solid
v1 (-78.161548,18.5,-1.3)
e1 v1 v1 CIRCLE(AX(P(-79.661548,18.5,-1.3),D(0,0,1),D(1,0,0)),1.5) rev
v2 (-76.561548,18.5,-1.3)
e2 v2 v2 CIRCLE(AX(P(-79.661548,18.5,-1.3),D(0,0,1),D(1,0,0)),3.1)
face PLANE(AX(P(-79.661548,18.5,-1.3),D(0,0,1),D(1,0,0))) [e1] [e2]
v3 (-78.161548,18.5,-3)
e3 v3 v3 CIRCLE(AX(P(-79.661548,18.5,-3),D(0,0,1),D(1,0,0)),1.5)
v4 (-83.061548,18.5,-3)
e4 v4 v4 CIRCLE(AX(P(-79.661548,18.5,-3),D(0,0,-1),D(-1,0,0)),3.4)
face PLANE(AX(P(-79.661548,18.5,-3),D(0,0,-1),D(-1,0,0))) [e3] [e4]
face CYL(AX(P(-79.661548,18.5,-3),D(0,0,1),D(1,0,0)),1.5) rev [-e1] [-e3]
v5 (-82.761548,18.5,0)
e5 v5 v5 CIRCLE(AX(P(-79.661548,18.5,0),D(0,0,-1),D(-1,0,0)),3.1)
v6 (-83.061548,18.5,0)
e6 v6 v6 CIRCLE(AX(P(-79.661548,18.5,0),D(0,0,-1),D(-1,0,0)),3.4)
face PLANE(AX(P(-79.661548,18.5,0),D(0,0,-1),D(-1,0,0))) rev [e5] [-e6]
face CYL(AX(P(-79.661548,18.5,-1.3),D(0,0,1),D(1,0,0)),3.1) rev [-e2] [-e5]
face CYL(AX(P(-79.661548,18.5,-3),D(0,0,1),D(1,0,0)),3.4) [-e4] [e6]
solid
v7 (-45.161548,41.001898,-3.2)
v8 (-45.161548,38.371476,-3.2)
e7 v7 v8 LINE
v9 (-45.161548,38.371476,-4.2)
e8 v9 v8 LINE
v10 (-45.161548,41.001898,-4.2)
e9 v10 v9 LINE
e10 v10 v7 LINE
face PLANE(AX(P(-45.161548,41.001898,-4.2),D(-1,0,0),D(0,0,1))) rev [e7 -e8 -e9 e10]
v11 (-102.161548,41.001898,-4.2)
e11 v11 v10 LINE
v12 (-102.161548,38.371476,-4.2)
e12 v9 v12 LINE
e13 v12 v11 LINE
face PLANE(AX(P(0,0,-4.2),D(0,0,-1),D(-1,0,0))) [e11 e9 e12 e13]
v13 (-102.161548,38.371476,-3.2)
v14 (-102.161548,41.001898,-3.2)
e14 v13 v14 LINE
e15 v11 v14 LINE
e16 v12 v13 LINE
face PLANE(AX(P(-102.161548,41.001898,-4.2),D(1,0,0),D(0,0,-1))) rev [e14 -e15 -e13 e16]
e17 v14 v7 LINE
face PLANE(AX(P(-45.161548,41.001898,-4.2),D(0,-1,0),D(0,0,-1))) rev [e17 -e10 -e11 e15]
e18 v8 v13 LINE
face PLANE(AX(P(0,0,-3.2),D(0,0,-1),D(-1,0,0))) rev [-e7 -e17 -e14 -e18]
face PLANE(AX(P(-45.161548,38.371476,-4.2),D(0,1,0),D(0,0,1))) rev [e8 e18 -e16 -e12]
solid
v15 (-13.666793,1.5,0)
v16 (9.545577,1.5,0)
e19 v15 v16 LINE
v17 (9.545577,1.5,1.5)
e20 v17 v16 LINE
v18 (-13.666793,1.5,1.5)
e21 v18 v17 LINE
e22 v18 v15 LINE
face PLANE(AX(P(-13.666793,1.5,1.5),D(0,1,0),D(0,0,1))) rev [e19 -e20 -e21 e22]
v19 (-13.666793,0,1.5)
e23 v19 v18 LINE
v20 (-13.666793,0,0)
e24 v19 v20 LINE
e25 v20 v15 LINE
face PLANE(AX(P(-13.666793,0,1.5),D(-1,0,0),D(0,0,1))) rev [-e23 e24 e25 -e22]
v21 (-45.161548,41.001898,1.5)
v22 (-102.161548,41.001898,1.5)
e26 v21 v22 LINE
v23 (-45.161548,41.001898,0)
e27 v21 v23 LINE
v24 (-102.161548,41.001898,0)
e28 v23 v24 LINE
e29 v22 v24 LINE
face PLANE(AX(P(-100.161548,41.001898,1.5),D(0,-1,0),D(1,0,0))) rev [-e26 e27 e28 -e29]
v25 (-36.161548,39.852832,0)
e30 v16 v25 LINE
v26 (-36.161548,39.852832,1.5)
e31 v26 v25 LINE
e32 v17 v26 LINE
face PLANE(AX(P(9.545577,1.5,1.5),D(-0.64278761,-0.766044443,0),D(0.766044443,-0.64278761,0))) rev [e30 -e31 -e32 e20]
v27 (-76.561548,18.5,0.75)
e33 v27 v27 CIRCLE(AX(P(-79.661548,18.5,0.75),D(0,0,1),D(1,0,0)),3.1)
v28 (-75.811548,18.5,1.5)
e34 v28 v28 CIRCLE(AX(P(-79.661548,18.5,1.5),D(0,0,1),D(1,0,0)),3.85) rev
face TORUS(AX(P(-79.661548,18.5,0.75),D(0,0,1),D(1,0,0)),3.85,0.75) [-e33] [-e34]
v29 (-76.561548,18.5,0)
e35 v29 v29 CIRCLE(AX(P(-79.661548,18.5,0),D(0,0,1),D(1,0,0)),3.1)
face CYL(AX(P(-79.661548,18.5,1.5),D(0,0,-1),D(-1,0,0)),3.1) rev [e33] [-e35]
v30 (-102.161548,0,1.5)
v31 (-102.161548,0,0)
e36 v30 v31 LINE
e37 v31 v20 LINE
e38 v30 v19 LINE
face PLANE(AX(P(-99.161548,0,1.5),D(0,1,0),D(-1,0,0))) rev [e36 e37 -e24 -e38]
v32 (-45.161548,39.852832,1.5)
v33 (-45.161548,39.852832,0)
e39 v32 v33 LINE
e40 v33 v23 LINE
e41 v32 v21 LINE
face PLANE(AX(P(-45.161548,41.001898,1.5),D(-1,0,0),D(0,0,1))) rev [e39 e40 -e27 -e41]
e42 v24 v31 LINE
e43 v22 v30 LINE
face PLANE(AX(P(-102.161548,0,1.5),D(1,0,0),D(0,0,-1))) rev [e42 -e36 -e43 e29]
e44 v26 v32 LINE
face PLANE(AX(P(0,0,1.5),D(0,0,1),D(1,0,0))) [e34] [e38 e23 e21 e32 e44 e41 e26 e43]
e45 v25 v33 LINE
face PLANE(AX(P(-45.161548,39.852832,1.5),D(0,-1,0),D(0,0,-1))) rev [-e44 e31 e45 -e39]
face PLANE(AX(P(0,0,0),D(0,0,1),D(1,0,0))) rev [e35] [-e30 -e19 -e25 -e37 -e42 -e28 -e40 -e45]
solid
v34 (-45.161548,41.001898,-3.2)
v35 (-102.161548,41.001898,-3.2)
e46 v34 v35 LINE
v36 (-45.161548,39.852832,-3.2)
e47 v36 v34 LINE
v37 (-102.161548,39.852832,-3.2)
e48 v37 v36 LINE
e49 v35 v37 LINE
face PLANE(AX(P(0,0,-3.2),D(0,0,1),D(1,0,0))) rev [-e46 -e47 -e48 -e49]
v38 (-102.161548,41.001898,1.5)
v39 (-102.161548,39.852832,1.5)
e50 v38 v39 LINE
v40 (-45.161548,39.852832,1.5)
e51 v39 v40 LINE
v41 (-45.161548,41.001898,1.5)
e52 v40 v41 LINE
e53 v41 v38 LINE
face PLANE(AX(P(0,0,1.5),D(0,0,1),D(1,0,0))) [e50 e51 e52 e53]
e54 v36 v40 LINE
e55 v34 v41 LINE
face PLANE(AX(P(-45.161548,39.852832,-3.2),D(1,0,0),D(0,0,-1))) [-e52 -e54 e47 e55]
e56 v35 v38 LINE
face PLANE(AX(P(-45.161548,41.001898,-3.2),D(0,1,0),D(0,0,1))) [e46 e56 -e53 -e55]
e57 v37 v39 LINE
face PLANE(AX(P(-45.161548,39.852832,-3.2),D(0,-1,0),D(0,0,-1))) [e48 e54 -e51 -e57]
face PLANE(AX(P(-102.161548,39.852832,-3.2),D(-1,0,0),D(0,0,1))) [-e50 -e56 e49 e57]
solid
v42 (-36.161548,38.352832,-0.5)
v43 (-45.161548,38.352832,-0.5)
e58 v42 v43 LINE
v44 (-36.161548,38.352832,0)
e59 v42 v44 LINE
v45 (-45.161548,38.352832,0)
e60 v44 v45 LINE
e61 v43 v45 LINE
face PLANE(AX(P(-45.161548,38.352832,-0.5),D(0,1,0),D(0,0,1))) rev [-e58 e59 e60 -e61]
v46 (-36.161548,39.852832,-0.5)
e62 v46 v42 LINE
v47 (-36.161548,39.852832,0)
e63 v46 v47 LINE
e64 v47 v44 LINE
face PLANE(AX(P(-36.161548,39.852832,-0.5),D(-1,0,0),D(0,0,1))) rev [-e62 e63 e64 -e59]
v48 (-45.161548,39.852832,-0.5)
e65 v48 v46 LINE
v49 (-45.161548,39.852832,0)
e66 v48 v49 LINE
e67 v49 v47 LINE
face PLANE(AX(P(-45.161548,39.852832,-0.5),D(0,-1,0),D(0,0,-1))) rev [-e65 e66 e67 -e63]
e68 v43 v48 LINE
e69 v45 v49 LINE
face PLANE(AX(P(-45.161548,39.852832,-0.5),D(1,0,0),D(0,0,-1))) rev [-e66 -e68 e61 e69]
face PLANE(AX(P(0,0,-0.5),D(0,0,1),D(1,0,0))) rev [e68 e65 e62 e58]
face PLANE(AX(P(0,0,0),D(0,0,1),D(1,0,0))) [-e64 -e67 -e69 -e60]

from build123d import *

# Parameters (mm, degrees)
SKETCH_2_R          = 3.1
EXTRUDE_11_DEPTH    = 1.5
SKETCH_6_R          = 3.4
EXTRUDE_12_DEPTH    = 3
SKETCH_7_W          = 57
SKETCH_7_H          = 1.149066665
EXTRUDE_13_DEPTH    = 4.7
SKETCH_10_W         = 8.999999995
SKETCH_10_H         = 1.5
EXTRUDE_15_DEPTH    = 0.5
SKETCH_11_W         = 57
SKETCH_11_H         = 2.63042276
EXTRUDE_17_DEPTH    = 1
SKETCH_13_R         = 1.5
CUT_EXTRUDE_1_DEPTH = 3
CUT_EXTRUDE_START   = -2.8
SKETCH_14_R         = 3.1
CUT_EXTRUDE_2_DEPTH = 2.8
FILLET_1_R          = 0.75


with BuildPart() as part:
    # Эскиз2 → Бобышка-Вытянуть11 (new body)
    with BuildSketch(Plane.XY):
        Polygon((-13.66679287, 0), (-13.66679287, 1.5), (9.54557674, 1.5), (-36.161548345, 39.852831801), (-45.16154834, 39.852831801), (-45.16154834, 41.001898466), (-100.16154834, 41.001898466), (-102.16154834, 41.001898466), (-102.16154834, 0), (-99.16154834, 0), align=None)
        with Locations((-79.66154834, 18.5)):
            Circle(SKETCH_2_R, mode=Mode.SUBTRACT)
    extrude(amount=EXTRUDE_11_DEPTH)

    # Скругление1
    fillet_1_edges = [part.edges().sort_by_distance(p)[0] for p in [
        (-82.76154834, 18.5, 1.5),
    ]]
    fillet(fillet_1_edges, radius=FILLET_1_R)


with BuildPart() as body_2:
    # Эскиз6 → Бобышка-Вытянуть12 (new body)
    with BuildSketch(Plane(origin=(0, 0, 0), x_dir=(-1, 0, 0), z_dir=(0, 0, -1))):
        with Locations((79.66154834, 18.5)):
            Circle(SKETCH_6_R)
    extrude(amount=EXTRUDE_12_DEPTH)

    # Эскиз13 → Вырез-Вытянуть1 (cut)
    with BuildSketch(Plane.XY):
        with Locations((-79.66154834, 18.5)):
            Circle(SKETCH_13_R)
    extrude(amount=-CUT_EXTRUDE_1_DEPTH, mode=Mode.SUBTRACT)

    # Эскиз14 → Вырез-Вытянуть2 (cut)
    with BuildSketch(Plane.XY.offset(1.5).offset(CUT_EXTRUDE_START)):
        with Locations((-79.66154834, 18.5)):
            Circle(SKETCH_14_R)
    extrude(amount=CUT_EXTRUDE_2_DEPTH, mode=Mode.SUBTRACT)


with BuildPart() as body_3:
    # Эскиз7 → Бобышка-Вытянуть13 (new body)
    with BuildSketch(Plane.XY.offset(1.5)):
        with Locations((-73.66154834, 40.427365134)):
            Rectangle(SKETCH_7_W, SKETCH_7_H)
    extrude(amount=-EXTRUDE_13_DEPTH)


with BuildPart() as body_4:
    # Эскиз10 → Бобышка-Вытянуть15 (new body)
    with BuildSketch(Plane(origin=(0, 0, 0), x_dir=(-1, 0, 0), z_dir=(0, 0, -1))):
        with Locations((40.661548342, 39.102831801)):
            Rectangle(SKETCH_10_W, SKETCH_10_H)
    extrude(amount=EXTRUDE_15_DEPTH)


with BuildPart() as body_5:
    # Эскиз11 → Бобышка-Вытянуть17 (new body)
    with BuildSketch(Plane(origin=(0, 0, -3.2), x_dir=(-1, 0, 0), z_dir=(0, 0, -1))):
        with Locations((73.66154834, 39.686687086)):
            Rectangle(SKETCH_11_W, SKETCH_11_H)
    extrude(amount=EXTRUDE_17_DEPTH)


solid = Compound([part.part, body_2.part, body_3.part, body_4.part, body_5.part])
